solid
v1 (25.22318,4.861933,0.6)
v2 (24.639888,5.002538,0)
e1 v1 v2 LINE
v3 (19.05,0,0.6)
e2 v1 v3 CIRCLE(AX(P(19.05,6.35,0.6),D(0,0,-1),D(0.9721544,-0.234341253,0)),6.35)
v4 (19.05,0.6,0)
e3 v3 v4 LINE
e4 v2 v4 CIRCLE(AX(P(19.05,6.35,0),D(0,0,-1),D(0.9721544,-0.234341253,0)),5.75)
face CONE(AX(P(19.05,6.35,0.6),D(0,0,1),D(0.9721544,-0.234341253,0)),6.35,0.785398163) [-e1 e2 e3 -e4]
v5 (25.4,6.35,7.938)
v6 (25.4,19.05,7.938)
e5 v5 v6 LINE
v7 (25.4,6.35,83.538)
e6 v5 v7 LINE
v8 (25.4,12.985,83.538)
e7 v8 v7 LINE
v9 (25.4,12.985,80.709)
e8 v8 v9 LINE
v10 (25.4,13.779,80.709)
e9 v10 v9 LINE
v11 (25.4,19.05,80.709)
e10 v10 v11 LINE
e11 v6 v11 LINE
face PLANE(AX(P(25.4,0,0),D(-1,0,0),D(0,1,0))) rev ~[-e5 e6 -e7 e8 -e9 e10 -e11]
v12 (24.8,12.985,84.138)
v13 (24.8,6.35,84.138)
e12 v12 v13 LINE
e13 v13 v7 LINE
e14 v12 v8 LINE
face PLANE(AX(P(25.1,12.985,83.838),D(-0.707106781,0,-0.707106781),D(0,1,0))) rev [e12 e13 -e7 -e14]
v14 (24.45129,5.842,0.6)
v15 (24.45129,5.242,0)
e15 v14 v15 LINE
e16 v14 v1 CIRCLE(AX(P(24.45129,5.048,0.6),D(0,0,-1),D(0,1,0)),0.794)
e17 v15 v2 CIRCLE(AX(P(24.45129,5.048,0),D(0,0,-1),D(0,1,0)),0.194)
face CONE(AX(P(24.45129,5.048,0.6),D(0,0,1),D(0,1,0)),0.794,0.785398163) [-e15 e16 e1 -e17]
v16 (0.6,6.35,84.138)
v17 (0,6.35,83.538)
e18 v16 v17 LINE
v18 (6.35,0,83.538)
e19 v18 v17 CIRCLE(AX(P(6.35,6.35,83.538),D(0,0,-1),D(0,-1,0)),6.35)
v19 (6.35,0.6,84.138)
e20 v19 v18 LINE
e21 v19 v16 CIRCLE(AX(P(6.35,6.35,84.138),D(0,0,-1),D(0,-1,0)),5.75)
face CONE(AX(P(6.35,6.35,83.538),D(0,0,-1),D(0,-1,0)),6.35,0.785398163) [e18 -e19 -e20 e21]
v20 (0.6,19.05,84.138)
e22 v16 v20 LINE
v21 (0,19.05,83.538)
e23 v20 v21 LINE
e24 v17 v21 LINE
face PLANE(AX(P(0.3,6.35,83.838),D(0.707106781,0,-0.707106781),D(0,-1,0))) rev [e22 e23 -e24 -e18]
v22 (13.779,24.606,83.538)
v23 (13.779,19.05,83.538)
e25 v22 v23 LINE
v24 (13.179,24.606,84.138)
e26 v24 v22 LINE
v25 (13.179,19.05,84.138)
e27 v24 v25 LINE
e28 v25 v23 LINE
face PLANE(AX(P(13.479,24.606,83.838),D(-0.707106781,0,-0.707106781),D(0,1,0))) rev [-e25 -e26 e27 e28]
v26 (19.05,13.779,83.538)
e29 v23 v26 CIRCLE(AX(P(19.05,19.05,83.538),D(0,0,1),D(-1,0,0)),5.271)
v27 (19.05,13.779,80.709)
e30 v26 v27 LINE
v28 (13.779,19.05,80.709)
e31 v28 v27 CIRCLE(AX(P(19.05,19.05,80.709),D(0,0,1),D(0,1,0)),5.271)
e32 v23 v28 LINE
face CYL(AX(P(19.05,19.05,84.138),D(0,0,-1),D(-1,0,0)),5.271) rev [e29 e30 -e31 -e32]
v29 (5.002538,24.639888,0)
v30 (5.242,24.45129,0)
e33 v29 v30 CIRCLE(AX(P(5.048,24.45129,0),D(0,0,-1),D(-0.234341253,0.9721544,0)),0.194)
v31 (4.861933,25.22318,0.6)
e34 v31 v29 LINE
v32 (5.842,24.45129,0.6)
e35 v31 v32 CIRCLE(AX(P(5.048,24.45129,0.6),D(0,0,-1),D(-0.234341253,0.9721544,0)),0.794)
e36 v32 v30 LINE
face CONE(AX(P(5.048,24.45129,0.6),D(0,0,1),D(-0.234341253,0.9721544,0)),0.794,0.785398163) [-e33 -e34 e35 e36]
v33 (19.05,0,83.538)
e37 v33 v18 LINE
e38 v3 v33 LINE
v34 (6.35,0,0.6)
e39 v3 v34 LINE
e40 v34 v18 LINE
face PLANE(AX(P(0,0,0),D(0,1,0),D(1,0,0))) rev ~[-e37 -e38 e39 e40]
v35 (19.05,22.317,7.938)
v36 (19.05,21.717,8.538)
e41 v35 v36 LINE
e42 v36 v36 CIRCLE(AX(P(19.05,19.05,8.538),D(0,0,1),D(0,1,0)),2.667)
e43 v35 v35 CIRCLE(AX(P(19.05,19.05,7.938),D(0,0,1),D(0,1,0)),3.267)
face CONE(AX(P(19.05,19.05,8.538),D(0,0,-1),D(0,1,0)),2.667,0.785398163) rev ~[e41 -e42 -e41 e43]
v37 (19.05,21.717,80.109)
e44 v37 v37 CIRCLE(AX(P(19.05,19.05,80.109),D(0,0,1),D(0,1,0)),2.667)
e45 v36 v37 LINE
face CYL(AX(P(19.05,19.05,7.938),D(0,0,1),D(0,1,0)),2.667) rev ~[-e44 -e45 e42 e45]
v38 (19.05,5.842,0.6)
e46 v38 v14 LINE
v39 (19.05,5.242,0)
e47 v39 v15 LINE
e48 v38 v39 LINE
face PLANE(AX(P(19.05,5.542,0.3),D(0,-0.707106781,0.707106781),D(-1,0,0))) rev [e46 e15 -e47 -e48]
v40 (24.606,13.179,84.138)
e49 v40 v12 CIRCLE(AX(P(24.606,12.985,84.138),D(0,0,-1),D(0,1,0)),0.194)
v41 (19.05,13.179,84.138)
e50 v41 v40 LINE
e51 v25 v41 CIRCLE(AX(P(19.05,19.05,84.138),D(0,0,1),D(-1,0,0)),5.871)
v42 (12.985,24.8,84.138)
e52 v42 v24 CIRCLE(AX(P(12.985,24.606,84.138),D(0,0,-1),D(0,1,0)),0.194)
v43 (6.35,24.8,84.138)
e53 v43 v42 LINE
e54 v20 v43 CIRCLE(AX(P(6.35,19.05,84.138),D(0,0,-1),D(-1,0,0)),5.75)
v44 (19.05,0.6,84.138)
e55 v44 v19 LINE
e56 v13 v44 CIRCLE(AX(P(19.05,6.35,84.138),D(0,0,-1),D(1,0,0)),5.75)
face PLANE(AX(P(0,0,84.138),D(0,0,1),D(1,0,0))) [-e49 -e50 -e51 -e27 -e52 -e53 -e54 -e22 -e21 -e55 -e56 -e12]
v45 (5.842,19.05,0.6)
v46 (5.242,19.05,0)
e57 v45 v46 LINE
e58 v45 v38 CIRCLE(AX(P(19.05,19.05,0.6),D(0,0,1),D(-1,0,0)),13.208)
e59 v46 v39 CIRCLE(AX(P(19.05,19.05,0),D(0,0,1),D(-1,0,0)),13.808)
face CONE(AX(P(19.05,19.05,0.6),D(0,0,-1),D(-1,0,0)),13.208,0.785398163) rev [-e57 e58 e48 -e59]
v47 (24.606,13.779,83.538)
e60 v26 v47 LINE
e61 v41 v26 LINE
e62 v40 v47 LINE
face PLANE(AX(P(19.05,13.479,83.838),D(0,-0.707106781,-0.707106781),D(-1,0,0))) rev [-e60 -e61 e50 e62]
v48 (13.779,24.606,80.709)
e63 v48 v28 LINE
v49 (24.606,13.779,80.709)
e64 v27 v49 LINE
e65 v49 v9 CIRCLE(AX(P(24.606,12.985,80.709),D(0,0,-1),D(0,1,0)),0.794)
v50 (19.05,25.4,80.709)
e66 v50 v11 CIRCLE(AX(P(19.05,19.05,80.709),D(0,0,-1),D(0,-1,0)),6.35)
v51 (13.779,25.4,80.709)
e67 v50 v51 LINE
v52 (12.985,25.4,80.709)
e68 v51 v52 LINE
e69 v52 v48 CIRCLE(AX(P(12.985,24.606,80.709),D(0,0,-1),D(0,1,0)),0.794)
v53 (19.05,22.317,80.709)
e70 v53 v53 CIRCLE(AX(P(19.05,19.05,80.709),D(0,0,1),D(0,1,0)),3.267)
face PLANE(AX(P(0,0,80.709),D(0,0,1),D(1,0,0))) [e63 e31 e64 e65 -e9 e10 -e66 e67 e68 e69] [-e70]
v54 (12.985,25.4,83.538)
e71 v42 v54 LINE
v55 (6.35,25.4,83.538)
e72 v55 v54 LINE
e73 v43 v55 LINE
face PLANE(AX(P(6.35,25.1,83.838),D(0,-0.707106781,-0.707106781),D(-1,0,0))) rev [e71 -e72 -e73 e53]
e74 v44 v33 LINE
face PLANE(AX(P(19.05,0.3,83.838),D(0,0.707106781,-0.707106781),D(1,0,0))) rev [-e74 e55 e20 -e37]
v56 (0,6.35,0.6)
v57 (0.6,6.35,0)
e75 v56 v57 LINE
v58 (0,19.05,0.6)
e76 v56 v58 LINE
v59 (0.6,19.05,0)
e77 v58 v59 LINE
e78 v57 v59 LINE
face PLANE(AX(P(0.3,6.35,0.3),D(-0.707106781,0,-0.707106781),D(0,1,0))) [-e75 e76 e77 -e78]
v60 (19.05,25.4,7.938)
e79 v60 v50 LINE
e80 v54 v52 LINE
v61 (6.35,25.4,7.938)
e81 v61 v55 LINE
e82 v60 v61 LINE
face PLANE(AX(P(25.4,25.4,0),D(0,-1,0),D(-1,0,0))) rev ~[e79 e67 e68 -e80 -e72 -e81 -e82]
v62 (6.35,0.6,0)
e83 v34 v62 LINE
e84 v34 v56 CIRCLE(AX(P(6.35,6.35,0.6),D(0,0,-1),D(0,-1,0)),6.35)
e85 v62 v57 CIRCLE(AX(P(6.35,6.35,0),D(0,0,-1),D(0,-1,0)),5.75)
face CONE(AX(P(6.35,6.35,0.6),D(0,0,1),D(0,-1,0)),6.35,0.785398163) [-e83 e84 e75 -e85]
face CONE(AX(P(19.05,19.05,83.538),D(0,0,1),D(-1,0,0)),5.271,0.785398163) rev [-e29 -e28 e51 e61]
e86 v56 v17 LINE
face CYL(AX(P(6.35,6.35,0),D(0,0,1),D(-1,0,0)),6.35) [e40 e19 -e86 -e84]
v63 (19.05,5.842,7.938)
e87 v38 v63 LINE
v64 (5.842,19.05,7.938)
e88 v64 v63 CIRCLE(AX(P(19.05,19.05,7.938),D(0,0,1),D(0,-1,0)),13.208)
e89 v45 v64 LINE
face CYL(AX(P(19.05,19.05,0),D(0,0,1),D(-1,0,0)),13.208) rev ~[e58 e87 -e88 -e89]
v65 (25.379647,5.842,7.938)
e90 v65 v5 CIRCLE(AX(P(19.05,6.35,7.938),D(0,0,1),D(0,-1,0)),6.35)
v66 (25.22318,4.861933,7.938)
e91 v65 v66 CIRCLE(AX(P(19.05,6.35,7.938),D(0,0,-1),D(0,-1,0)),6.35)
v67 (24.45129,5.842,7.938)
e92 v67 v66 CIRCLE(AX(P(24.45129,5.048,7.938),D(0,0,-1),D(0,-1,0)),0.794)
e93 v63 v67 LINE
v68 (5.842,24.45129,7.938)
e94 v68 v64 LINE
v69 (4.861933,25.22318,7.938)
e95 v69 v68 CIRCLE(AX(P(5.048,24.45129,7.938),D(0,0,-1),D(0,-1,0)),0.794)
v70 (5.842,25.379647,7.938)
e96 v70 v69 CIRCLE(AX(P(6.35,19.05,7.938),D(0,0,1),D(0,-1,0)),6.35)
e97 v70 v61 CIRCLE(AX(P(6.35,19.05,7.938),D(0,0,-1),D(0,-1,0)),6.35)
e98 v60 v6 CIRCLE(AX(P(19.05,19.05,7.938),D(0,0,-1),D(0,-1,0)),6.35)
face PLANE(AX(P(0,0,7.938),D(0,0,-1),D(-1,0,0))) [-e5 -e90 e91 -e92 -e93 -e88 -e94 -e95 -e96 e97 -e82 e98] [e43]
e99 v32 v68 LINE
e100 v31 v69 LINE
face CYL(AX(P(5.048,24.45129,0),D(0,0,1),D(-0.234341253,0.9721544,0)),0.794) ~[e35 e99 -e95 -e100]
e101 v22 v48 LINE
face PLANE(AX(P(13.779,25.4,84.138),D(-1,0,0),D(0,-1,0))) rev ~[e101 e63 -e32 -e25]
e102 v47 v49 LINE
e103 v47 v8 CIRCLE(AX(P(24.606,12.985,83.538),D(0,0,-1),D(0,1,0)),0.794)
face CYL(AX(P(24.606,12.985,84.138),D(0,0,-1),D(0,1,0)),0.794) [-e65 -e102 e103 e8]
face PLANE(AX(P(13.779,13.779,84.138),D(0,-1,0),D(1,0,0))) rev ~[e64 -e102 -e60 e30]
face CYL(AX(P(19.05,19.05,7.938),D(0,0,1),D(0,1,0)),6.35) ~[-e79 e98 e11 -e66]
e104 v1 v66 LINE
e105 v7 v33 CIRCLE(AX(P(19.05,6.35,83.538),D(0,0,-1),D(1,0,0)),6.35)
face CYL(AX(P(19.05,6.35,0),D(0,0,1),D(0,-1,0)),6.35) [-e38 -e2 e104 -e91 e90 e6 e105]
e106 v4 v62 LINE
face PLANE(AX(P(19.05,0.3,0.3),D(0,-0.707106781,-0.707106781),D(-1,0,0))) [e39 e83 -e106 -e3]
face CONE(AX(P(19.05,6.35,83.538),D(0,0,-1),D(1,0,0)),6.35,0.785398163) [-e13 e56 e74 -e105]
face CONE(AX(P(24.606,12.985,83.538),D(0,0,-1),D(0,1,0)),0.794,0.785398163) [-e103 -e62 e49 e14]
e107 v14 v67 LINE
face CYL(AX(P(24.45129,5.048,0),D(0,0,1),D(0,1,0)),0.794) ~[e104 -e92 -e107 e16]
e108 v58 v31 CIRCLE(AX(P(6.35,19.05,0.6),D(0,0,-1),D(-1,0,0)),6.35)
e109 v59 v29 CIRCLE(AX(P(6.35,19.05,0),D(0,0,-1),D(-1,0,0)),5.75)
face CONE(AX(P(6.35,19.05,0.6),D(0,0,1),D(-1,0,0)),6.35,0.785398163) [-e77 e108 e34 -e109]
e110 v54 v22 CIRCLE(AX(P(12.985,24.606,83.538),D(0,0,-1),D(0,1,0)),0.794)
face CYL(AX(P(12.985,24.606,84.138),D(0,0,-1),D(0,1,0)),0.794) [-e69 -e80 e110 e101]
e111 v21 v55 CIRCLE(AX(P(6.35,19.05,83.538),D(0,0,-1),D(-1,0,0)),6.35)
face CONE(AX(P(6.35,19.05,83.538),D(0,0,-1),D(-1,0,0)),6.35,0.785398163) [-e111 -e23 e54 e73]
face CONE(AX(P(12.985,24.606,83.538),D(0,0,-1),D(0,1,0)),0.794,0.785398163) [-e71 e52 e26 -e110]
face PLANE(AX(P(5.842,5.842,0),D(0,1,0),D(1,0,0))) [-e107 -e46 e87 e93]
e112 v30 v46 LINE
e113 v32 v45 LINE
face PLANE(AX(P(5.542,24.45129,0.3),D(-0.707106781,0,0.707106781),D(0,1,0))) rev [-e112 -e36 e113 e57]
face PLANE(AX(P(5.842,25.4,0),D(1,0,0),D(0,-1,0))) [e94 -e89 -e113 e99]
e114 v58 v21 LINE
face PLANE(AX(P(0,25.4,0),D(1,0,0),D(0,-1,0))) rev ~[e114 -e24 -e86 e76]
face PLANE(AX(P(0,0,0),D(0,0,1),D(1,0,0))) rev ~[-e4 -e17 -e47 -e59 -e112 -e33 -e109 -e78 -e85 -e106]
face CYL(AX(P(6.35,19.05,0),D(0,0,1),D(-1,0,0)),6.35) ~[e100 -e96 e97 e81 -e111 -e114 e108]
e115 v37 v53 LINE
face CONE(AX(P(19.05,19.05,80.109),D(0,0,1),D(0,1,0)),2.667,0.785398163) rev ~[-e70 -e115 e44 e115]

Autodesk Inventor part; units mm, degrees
ref_plane "YZ Plane" through (0, 0, 0) normal (1, 0, 0) x (0, 1, 0)
ref_plane "XZ Plane" through (0, 0, 0) normal (0, 1, 0) x (-1, 0, 0)
ref_plane "XY Plane" through (0, 0, 0) normal (0, 0, 1) x (1, 0, 0)
sketch "Sketch1" plane through (0, 0, 0) normal (0, 0, 1) x (1, 0, 0)
  line L0 (0, 0) -> (25.4, 0)
  line L1 (25.4, 0) -> (25.4, 25.4)
  line L2 (25.4, 25.4) -> (0, 25.4)
  line L3 (0, 25.4) -> (0, 0)
  dimension "d0" = 25.4
  dimension "d1" = 25.4
extrude "Extrusion1" add sketch "Sketch1" along normal blind 84.138
sketch "Sketch2" plane through (0, 0, 84.138) normal (0, 0, 1) x (1, 0, 0)
  line L0 (25.4, 25.4) -> (0, 25.4) projected
  line L1 (25.4, 25.4) -> (13.779, 25.4)
  line L2 (13.779, 25.4) -> (13.779, 13.779)
  line L3 (13.779, 13.779) -> (25.4, 13.779)
  line L4 (25.4, 13.779) -> (25.4, 25.4)
  point P0 (0, 0)
  dimension "d4" = 11.621
  dimension "d5" = 11.621
extrude "Extrusion2" cut sketch "Sketch2" against normal blind 3.429
sketch "Sketch3" plane through (0, 0, 0) normal (0, 0, -1) x (-1, 0, 0)
  line L0 (-25.4, 25.4) -> (-25.4, 13.779) projected
  line L1 (-25.4, 25.4) -> (-5.842, 25.4)
  line L2 (-5.842, 25.4) -> (-5.842, 5.842)
  line L3 (-5.842, 5.842) -> (-25.4, 5.842)
  line L4 (-25.4, 5.842) -> (-25.4, 25.4)
  point P0 (0, 0)
  dimension "d8" = 19.558
  dimension "d9" = 19.558
extrude "Extrusion3" cut sketch "Sketch3" against normal blind 7.938
sketch "Sketch4" plane through (0, 0, 7.938) normal (0, 0, -1) x (-1, 0, 0)
  line L0 (-25.4, 25.4) -> (-5.842, 25.4) projected
  line L1 (-25.4, 5.842) -> (-25.4, 25.4) projected
  point P0 (0, 0)
  point P1 (-19.05, 19.05)
  dimension "d12" = 6.35
  dimension "d13" = 6.35
hole "Hole1" at (19.05, 19.05, 7.938) direction (0, 0, 1) diameter 5.334 end through all clearance for "Flat Head Machine Screw (82)" size "#10" standard "Ansi Unified Screw Threads"
fillet "Fillet1" radius 6.35 4 edges at (0, 25.4, 42.069) (25.4, 25.4, 44.3235) (0, 0, 42.069) (25.4, 0, 42.069)
fillet "Fillet2" radius 0.794 4 edges at (25.3796, 5.842, 3.969) (5.842, 25.3796, 3.969) (25.4, 13.779, 82.4235) (13.779, 25.4, 82.4235)
fillet "Fillet3" radius 5.271 1 edges at (13.779, 13.779, 82.4235)
fillet "Fillet4" radius 13.208 1 edges at (5.842, 5.842, 3.969)
chamfer "Chamfer1" distance 0.6 angle 45 24 edges at (19.05, 16.383, 7.938) (9.7105, 9.7105, 0) (5.842, 21.7506, 0) (5.5393, 25.0751, 0) (1.3614, 22.9789, 0) (0, 12.7, 0) (1.8599, 1.8599, 0) (12.7, 0, 0) (22.9789, 1.3614, 0) (25.0751, 5.5393, 0) (21.7506, 5.842, 0) (19.05, 16.383, 80.709) (21.828, 13.779, 84.138) (15.3228, 15.3228, 84.138) (13.779, 21.828, 84.138) (13.5464, 25.1674, 84.138) (9.6675, 25.4, 84.138) (1.8599, 23.5401, 84.138) (0, 12.7, 84.138) (1.8599, 1.8599, 84.138) (12.7, 0, 84.138) (23.5401, 1.8599, 84.138) (25.4, 9.6675, 84.138) (25.1674, 13.5464, 84.138)
equation "\"d5\" = d4"
equation "\"d9\" = d8"
equation "\"d13\" = d12"
properties part number "Corner-001" material "PC/ABS Plastic"
